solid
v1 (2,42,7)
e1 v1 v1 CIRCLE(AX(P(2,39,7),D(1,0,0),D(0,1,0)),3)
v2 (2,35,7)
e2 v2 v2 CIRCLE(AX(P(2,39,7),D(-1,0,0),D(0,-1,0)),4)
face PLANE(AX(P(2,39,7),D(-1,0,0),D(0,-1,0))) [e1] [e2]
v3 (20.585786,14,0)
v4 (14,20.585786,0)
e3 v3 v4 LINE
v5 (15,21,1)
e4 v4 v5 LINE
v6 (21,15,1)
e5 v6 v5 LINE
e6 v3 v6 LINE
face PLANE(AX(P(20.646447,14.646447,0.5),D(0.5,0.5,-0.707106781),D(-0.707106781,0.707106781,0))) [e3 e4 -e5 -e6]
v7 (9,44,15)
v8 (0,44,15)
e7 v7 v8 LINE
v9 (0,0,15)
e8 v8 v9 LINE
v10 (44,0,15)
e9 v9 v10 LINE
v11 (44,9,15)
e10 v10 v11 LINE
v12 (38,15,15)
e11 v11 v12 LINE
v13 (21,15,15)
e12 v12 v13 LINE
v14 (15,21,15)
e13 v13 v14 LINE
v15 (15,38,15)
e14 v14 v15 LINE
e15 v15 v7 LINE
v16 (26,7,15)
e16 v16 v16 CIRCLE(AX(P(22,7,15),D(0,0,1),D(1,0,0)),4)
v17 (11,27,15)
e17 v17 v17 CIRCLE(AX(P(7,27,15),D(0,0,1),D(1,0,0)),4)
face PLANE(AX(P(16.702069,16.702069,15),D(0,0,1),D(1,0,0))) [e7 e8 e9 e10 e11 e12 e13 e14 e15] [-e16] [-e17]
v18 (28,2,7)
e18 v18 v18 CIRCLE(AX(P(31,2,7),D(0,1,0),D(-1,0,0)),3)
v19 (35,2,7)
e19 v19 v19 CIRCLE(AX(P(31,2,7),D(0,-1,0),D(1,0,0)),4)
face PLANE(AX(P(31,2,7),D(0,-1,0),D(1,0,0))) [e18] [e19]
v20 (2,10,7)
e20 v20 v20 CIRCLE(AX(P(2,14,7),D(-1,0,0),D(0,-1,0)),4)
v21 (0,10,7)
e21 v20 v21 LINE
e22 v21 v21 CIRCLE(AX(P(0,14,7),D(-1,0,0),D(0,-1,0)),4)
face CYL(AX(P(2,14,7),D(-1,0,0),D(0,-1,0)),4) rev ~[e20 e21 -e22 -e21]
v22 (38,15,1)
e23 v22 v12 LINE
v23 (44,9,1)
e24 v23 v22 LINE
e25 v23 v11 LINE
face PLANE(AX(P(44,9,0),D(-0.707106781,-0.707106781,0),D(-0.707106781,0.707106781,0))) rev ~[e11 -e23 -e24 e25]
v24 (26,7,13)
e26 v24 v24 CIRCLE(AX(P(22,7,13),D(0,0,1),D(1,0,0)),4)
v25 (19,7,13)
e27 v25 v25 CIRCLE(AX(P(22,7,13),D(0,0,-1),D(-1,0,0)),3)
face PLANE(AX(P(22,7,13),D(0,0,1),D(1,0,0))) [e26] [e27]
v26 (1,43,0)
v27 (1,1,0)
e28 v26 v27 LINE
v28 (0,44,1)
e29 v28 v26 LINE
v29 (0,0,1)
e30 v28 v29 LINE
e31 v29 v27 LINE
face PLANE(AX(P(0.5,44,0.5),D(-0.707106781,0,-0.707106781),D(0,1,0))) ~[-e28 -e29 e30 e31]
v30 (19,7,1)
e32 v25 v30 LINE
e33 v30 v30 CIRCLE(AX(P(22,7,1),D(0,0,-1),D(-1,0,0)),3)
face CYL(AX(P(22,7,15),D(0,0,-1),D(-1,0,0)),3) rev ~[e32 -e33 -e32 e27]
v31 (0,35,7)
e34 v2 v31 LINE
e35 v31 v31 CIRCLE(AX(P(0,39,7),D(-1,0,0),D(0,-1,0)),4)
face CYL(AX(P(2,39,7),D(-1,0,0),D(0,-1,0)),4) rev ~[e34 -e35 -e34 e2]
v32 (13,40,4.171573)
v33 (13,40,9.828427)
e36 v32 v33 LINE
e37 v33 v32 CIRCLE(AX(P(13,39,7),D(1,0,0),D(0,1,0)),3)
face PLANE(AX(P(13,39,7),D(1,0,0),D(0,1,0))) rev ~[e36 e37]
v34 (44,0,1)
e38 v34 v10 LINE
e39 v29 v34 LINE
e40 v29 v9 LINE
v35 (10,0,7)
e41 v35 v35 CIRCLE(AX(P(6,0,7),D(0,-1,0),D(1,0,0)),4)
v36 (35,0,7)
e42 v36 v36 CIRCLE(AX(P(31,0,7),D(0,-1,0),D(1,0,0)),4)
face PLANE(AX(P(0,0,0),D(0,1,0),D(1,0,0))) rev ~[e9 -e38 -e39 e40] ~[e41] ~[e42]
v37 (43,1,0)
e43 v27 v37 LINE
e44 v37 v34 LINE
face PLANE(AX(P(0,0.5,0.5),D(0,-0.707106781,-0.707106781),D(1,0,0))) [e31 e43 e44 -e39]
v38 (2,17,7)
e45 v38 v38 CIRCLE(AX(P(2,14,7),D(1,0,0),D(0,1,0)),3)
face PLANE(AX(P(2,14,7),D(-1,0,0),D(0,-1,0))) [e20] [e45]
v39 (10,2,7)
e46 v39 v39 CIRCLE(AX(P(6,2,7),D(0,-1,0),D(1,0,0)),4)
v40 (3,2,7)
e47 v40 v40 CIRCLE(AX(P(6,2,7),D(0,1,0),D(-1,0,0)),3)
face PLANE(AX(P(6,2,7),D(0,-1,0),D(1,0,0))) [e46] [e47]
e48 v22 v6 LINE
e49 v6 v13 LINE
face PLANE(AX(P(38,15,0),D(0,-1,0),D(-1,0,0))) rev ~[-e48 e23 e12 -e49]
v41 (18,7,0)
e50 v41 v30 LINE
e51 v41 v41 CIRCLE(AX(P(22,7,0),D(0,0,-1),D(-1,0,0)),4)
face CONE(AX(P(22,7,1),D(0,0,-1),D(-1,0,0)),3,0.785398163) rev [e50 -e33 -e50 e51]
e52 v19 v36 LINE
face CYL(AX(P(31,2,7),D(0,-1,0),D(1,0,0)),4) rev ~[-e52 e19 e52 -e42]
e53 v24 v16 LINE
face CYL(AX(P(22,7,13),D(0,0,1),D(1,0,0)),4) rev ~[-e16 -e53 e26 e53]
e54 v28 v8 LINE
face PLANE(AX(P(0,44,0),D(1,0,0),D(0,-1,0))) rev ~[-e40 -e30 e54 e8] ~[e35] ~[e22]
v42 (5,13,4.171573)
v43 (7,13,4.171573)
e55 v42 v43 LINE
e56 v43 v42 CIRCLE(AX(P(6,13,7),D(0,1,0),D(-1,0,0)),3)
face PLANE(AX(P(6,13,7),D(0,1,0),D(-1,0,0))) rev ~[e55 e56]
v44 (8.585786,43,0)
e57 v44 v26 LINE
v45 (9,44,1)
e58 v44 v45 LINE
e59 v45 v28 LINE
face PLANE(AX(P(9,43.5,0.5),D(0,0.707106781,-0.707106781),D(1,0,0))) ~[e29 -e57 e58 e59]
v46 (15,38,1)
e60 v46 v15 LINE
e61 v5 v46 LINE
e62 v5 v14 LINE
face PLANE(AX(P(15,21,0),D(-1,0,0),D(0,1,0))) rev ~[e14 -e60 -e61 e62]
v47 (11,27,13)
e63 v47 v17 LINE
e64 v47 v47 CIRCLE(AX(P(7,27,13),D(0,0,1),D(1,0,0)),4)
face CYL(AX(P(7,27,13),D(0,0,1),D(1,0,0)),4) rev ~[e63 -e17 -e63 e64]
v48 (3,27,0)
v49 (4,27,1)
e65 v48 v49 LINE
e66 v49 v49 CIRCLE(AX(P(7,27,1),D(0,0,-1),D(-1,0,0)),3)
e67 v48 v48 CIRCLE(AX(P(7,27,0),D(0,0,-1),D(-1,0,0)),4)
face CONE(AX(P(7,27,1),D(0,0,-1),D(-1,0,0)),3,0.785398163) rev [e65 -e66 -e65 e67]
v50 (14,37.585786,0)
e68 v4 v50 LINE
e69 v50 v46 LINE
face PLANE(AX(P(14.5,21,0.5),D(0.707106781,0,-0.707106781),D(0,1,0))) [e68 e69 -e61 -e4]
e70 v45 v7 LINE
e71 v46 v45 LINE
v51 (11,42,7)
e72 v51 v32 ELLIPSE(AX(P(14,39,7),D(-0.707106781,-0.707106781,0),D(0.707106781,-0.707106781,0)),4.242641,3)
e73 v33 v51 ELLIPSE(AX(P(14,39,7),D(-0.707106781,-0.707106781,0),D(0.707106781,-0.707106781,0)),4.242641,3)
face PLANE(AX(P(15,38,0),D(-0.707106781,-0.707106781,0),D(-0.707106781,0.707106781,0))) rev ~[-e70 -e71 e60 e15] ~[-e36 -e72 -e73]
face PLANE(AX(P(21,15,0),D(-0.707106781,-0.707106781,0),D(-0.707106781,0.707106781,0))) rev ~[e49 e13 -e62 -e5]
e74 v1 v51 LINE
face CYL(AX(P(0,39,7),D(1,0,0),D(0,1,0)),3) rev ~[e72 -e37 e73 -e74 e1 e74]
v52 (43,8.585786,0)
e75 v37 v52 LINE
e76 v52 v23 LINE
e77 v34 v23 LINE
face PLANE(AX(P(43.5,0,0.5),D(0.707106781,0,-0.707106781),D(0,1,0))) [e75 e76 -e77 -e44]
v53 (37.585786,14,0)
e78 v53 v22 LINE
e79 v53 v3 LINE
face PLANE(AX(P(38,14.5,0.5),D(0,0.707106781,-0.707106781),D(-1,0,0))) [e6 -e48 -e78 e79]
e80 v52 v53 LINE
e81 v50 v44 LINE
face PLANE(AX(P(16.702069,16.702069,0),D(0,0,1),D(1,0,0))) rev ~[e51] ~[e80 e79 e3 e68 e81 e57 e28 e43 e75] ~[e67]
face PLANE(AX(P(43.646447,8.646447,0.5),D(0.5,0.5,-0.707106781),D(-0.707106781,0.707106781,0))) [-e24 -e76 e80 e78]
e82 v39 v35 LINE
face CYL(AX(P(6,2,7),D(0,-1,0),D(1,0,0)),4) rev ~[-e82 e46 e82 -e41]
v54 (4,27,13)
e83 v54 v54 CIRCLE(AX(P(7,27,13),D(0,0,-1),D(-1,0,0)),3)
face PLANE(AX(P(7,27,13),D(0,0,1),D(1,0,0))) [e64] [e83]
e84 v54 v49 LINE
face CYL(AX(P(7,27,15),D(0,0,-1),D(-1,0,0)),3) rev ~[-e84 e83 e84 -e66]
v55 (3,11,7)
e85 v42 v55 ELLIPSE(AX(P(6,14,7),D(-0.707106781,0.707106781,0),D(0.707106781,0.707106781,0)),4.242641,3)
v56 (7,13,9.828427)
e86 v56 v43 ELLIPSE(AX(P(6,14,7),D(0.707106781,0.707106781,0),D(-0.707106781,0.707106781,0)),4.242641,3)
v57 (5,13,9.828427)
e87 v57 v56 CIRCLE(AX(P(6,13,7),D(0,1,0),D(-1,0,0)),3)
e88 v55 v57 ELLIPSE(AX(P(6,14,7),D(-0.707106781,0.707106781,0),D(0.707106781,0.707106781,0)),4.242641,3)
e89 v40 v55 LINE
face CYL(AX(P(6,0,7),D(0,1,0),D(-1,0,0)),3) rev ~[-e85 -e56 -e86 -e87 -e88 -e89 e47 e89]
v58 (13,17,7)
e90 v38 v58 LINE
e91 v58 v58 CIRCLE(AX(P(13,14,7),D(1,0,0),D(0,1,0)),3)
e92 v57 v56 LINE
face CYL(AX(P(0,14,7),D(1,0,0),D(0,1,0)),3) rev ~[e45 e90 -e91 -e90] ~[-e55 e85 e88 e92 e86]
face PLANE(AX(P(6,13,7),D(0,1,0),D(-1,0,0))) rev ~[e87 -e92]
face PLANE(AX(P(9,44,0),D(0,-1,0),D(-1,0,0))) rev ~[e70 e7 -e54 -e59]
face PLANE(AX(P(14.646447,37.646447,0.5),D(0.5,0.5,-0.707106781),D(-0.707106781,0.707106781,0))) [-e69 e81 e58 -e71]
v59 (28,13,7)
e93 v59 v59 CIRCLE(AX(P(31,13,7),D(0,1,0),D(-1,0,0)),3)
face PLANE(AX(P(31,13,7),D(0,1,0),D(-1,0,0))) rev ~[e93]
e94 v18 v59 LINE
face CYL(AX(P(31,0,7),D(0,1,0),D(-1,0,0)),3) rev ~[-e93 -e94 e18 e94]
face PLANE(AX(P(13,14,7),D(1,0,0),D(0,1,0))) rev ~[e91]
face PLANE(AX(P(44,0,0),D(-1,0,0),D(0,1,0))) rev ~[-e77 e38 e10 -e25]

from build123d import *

# Parameters (mm, degrees)
PAD_DEPTH           = 15
HOLE_D              = 6
HOLE_DEPTH          = 25
HOLE_CBORE_D        = 8
HOLE_CBORE_DEPTH    = 2
HOLE001_D           = 6
HOLE001_DEPTH       = 13
HOLE001_CBORE_D     = 8
HOLE001_CBORE_DEPTH = 2
HOLE002_D           = 6
HOLE002_DEPTH       = 13
HOLE002_CBORE_D     = 8
HOLE002_CBORE_DEPTH = 2
CHAMFER_SIZE        = 1


with BuildPart() as part:
    # Sketch → Pad (new body)
    with BuildSketch(Plane.XY):
        Polygon((0, 44), (0, 0), (44, 0), (44, 9), (38, 15), (21, 15), (15, 21), (15, 38), (9, 44), align=None)
    extrude(amount=PAD_DEPTH)

    # Hole
    with Locations(Plane.XY.offset(15)):
        with Locations((22, 7), (7, 27)):
            CounterBoreHole(HOLE_D / 2, HOLE_CBORE_D / 2, HOLE_CBORE_DEPTH, depth=HOLE_DEPTH)

    # Hole001
    with Locations(Plane.XZ):
        with Locations((6, 7), (31, 7)):
            CounterBoreHole(HOLE001_D / 2, HOLE001_CBORE_D / 2, HOLE001_CBORE_DEPTH, depth=HOLE001_DEPTH)

    # Hole002
    with Locations(Plane(origin=(0, 0, 0), x_dir=(0, -1, 0), z_dir=(-1, 0, 0))):
        with Locations((-14, 7), (-39, 7)):
            CounterBoreHole(HOLE002_D / 2, HOLE002_CBORE_D / 2, HOLE002_CBORE_DEPTH, depth=HOLE002_DEPTH)

    # Chamfer
    chamfer_edges = [part.edges().sort_by_distance(p)[0] for p in [
        (12, 41, 0),
        (15, 29.5, 0),
        (4.5, 44, 0),
        (18, 18, 0),
        (0, 22, 0),
        (29.5, 15, 0),
        (22, 0, 0),
        (41, 12, 0),
        (44, 4.5, 0),
        (4, 27, 0),
        (19, 7, 0),
    ]]
    chamfer(chamfer_edges, length=CHAMFER_SIZE)


solid = part.part
